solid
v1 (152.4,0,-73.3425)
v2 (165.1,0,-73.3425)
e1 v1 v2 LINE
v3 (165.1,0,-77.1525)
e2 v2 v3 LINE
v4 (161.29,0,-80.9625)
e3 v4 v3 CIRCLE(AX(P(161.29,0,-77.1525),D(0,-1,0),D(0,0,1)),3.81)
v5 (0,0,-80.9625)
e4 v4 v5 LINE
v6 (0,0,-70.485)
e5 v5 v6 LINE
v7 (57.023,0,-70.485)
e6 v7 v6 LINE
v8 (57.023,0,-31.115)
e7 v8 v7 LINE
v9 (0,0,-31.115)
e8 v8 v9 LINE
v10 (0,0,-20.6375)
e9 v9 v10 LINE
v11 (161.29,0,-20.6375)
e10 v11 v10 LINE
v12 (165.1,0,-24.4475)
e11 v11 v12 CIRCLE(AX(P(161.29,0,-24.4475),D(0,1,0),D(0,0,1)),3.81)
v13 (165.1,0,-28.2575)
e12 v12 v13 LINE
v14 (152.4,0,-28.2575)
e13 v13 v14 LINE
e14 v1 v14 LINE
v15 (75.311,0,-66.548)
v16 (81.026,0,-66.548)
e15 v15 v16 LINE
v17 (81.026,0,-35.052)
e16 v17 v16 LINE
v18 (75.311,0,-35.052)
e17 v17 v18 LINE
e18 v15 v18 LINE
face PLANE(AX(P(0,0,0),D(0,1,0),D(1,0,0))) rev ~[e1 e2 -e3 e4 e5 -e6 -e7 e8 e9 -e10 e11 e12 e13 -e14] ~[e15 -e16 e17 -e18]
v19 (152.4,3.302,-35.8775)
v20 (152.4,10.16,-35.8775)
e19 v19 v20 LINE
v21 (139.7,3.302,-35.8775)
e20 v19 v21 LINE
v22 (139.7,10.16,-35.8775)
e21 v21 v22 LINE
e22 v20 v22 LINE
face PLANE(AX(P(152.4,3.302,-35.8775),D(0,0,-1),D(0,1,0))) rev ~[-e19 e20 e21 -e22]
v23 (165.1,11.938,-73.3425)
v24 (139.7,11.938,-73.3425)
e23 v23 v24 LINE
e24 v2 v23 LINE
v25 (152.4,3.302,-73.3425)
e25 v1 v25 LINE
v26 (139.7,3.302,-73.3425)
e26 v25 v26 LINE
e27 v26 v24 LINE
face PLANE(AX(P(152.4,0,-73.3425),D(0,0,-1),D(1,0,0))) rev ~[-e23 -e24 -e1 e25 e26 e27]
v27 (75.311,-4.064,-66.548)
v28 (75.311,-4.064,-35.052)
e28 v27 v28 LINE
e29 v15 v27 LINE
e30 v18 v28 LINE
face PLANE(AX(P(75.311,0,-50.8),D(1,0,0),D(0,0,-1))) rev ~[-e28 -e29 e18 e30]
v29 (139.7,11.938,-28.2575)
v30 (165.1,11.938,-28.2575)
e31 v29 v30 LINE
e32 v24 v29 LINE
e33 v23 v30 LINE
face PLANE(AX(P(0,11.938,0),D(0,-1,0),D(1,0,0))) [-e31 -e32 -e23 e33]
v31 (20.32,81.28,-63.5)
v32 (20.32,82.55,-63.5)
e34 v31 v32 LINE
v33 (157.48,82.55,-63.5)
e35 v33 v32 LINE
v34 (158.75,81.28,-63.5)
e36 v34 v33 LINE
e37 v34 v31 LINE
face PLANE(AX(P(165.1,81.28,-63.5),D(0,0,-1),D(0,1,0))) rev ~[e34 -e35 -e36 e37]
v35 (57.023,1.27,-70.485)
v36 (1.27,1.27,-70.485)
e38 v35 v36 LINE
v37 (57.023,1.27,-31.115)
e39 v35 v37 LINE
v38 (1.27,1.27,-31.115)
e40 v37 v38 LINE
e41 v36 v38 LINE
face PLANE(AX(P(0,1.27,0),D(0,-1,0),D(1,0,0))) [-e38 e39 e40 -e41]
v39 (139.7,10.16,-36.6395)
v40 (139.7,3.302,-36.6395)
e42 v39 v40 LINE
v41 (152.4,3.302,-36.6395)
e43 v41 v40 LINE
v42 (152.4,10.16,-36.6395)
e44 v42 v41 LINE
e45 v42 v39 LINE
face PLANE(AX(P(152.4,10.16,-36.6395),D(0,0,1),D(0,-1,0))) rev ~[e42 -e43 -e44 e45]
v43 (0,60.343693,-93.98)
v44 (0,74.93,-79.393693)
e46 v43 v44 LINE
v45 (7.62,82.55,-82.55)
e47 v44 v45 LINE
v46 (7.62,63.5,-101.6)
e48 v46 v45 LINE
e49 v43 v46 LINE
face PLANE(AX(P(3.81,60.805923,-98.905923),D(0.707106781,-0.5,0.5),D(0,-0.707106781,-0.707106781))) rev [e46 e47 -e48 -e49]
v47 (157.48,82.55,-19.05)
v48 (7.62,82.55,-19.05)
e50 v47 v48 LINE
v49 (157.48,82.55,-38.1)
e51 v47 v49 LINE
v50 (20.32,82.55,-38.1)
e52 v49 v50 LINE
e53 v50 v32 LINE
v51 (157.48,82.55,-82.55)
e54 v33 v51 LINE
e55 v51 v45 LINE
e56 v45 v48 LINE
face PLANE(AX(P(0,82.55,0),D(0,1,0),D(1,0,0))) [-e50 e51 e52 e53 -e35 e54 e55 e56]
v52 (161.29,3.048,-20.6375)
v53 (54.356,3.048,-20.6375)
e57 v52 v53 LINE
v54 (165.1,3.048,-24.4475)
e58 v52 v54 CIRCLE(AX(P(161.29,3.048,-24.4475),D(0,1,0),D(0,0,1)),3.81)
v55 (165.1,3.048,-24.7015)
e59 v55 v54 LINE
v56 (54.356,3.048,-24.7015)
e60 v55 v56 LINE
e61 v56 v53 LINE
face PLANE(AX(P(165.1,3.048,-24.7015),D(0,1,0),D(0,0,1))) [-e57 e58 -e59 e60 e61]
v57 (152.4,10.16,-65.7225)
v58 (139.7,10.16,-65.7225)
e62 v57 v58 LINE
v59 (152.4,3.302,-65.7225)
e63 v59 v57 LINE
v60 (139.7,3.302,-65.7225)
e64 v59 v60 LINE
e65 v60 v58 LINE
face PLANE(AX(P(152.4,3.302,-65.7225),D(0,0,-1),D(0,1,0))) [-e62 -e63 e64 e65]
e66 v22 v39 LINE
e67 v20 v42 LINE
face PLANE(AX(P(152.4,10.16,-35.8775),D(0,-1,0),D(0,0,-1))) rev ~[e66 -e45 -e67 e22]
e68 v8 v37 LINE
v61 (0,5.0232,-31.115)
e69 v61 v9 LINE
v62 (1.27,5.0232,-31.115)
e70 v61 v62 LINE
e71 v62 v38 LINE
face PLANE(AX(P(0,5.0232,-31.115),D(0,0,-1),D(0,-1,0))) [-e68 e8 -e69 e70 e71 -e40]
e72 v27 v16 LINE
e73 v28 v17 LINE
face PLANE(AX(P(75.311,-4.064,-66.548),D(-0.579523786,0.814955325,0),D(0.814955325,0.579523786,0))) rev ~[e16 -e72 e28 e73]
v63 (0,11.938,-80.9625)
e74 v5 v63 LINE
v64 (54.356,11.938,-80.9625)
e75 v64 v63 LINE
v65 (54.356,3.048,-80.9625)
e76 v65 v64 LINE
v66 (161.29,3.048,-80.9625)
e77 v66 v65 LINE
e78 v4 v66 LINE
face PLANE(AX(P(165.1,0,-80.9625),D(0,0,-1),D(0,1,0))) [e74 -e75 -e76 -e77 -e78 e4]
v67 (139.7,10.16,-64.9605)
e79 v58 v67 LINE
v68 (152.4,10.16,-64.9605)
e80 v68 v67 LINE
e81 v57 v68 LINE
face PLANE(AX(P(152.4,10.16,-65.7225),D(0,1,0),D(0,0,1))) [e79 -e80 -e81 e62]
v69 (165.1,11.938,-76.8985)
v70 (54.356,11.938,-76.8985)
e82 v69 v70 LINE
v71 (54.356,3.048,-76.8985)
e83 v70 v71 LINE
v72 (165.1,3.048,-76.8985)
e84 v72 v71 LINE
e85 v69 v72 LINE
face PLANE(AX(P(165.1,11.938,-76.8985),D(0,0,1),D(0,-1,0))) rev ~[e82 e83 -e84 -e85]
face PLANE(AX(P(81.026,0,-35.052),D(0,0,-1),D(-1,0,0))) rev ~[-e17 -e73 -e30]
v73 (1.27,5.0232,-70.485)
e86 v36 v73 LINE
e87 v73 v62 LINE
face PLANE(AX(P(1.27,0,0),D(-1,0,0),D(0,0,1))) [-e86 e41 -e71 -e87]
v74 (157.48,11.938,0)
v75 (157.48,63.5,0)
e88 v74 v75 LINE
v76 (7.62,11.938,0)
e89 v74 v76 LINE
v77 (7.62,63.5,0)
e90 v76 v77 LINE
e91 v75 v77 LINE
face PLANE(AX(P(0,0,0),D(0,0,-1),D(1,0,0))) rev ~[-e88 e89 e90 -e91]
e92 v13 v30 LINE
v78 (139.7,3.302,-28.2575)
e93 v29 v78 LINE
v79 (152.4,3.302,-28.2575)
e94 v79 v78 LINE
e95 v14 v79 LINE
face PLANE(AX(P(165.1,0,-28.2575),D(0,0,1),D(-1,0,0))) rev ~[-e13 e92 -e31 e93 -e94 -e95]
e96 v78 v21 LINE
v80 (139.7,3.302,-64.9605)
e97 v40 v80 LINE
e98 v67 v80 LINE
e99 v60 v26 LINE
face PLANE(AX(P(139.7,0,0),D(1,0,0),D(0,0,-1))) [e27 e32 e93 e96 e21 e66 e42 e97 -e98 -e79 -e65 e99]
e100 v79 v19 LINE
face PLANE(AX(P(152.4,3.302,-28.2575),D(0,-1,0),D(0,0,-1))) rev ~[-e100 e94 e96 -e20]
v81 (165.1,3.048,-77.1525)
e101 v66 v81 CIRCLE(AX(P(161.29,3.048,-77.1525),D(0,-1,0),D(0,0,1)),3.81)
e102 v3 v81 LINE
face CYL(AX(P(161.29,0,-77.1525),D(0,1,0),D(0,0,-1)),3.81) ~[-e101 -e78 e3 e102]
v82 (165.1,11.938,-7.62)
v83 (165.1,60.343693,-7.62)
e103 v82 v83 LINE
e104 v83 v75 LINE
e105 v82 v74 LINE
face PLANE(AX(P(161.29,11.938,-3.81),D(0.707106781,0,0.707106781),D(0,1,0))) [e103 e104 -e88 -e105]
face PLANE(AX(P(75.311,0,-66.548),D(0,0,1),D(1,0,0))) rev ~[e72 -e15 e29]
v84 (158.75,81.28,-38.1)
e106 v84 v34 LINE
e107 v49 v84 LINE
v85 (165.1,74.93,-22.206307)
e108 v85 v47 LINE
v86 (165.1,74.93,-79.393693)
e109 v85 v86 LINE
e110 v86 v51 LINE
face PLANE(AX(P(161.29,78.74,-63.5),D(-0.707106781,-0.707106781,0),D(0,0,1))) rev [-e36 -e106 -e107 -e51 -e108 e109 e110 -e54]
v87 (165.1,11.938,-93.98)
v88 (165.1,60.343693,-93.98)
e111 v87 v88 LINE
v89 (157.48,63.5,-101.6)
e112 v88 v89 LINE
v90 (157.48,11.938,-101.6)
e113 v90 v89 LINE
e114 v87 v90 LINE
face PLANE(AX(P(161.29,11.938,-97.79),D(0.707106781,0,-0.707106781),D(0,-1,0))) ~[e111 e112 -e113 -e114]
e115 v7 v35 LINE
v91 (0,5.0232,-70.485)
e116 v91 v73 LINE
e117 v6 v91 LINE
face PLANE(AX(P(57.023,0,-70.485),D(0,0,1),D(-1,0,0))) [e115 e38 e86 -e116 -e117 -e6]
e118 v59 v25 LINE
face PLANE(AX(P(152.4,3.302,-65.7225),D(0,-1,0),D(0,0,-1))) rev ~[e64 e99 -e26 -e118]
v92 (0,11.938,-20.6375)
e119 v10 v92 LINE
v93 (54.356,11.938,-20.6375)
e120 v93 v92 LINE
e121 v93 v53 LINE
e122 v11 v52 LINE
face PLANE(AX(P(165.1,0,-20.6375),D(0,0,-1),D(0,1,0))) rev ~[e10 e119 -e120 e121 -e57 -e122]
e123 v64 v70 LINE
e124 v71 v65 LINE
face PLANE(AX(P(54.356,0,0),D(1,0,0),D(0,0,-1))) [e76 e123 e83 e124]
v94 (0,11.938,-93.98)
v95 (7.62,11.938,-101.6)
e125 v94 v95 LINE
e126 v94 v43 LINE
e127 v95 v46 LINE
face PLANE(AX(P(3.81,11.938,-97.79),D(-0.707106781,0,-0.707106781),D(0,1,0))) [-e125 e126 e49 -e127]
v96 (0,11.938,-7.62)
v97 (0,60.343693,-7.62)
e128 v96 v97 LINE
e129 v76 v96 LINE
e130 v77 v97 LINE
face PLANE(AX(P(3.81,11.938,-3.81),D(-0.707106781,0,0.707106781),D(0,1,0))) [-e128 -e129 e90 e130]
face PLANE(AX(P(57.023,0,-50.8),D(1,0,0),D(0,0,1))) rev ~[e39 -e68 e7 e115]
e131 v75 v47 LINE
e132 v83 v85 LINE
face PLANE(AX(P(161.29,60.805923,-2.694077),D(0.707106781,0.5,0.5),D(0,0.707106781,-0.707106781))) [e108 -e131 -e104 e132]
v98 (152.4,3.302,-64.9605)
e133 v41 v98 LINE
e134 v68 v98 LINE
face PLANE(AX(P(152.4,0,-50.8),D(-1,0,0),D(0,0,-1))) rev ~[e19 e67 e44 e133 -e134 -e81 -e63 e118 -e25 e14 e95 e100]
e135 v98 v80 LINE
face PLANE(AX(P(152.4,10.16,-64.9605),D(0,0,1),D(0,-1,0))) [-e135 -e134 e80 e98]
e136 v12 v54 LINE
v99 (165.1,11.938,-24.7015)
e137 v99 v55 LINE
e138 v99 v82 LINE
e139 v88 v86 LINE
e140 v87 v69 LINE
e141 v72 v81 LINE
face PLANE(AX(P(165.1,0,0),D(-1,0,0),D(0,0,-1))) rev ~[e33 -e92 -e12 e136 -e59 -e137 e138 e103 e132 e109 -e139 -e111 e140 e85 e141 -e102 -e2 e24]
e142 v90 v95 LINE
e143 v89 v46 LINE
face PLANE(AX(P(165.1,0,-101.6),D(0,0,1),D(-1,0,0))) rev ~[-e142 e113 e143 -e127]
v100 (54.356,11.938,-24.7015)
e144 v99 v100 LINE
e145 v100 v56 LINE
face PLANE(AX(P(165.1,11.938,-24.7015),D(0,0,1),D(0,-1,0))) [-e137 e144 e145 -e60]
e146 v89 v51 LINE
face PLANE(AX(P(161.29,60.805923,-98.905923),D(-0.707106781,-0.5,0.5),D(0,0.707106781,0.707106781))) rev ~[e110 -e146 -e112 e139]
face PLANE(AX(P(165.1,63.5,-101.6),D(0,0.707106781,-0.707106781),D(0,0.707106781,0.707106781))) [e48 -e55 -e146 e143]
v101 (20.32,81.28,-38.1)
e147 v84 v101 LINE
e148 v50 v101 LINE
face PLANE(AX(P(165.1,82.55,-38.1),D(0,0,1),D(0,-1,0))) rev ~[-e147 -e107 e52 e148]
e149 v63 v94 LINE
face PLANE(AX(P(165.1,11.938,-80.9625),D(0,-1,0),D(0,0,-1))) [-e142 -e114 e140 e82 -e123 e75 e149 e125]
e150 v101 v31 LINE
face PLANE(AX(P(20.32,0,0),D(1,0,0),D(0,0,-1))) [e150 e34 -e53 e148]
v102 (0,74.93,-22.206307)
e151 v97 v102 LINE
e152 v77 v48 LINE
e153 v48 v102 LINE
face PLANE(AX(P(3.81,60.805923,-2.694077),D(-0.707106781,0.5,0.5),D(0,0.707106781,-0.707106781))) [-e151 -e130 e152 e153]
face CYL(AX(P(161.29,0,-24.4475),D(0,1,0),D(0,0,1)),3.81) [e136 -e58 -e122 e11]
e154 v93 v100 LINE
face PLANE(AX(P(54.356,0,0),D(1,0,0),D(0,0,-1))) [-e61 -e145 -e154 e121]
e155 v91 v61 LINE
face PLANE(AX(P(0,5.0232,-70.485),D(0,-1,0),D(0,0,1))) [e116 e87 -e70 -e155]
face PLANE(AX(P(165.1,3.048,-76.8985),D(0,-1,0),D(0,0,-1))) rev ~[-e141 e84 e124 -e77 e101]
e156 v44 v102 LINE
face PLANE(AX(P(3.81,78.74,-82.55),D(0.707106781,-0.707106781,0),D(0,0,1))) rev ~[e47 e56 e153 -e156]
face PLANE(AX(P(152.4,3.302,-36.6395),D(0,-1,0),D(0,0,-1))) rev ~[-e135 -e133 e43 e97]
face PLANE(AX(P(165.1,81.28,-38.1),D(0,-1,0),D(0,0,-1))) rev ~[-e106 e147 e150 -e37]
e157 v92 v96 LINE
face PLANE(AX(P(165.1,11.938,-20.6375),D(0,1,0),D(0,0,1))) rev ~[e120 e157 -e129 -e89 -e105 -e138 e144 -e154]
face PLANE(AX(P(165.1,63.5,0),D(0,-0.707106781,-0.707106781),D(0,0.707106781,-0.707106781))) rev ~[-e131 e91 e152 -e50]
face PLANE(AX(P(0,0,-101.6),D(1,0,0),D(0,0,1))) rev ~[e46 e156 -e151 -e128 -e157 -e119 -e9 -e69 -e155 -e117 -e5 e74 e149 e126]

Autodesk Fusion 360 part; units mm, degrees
sketch "Sketch1" plane through (0, 0, 0) normal (0, 1, 0) x (1, 0, 0)
  line L0 (0, 0) -> (165.1, 0)
  line L1 (165.1, 0) -> (165.1, 101.6)
  line L2 (165.1, 101.6) -> (0, 101.6)
  line L3 (0, 101.6) -> (0, 0)
  dimension "d1" = 165.1
  dimension "d2" = 101.6
extrude "Extrude1" add sketch "Sketch1" along normal blind 82.55
sketch "Sketch2" plane through (165.1, 0, 0) normal (1, 0, 0) x (0, 0, -1)
  line L0 (0, 0) -> (101.6, 0)
  line L1 (101.6, 0) -> (101.6, 82.55)
  line L2 (101.6, 82.55) -> (0, 82.55)
  line L3 (0, 82.55) -> (0, 0)
  line L4 (0, 82.55) -> (0, 63.5)
  line L5 (0, 63.5) -> (19.05, 82.55)
  line L6 (0, 82.55) -> (19.05, 82.55)
  line L7 (101.6, 82.55) -> (101.6, 63.5)
  line L8 (101.6, 63.5) -> (82.55, 82.55)
  line L9 (82.55, 82.55) -> (101.6, 82.55)
  line L10 (0, 0) -> (20.6375, 0)
  line L11 (20.6375, 0) -> (80.9625, 0)
  line L12 (80.9625, 0) -> (101.6, 0)
  line L13 (20.6375, 0) -> (20.6375, 11.938)
  line L14 (20.6375, 11.938) -> (0, 11.938)
  line L15 (0, 11.938) -> (0, 0)
  line L16 (80.9625, 0) -> (80.9625, 11.938)
  line L17 (80.9625, 11.938) -> (101.6, 11.938)
  line L18 (101.6, 0) -> (101.6, 11.938)
  line L19 (80.9625, 11.938) -> (80.9625, 0)
  dimension "d5" = 45
  dimension "d6" = 45
  dimension "d7" = 20.6375
  dimension "d8" = 60.325
  dimension "d9" = 11.938
extrude "Extrude2" cut sketch "Sketch2" against normal blind 254 contours L0 L3 L10 L13 L14 L15 | L0 L1 L12 L16 L17 L18 L19 | L2 L3 L4 L5 L6 | L1 L2 L7 L8 L9
sketch "Sketch3" plane through (0, 0, 0) normal (0, -1, 0) x (1, 0, 0)
  line L0 (165.1, -20.6375) -> (0, -20.6375)
  line L1 (0, -20.6375) -> (0, -80.9625)
  line L2 (0, -80.9625) -> (165.1, -80.9625)
  line L3 (165.1, -80.9625) -> (165.1, -20.6375)
  line L4 (165.1, -20.6375) -> (165.1, -28.2575)
  line L5 (165.1, -80.9625) -> (165.1, -73.3425)
  line L6 (165.1, -28.2575) -> (152.4, -28.2575)
  line L7 (152.4, -28.2575) -> (152.4, -73.3425)
  line L8 (152.4, -73.3425) -> (165.1, -73.3425)
  line L9 (165.1, -73.3425) -> (165.1, -28.2575)
  line L10 (152.4, -50.8) -> (81.026, -50.8)
  line L11 (81.026, -50.8) -> (81.026, -35.052)
  line L12 (81.026, -50.8) -> (81.026, -66.548)
  line L13 (81.026, -35.052) -> (75.311, -35.052)
  line L14 (75.311, -35.052) -> (75.311, -66.548)
  line L15 (75.311, -66.548) -> (81.026, -66.548)
  line L16 (81.026, -66.548) -> (81.026, -35.052)
  line L17 (75.311, -50.8) -> (57.023, -50.8)
  line L18 (57.023, -50.8) -> (57.023, -31.115)
  line L19 (57.023, -50.8) -> (57.023, -70.485)
  line L20 (57.023, -70.485) -> (0, -70.485)
  line L21 (57.023, -31.115) -> (0, -31.115)
  line L22 (0, -31.115) -> (0, -70.485)
  dimension "d12" = 7.62
  dimension "d13" = 7.62
  dimension "d14" = 12.7
  dimension "d15" = 71.374
  dimension "d16" = 15.748
  dimension "d17" = 15.748
  dimension "d18" = 5.715
  dimension "d19" = 31.496
  dimension "d20" = 18.288
  dimension "d21" = 19.685
  dimension "d22" = 19.685
extrude "Extrude3" cut sketch "Sketch3" against normal up to surface (11.938 mm away) contours L3 L6 L7 L8 L9
extrude "Extrude4" add sketch "Sketch3" along normal blind 4.064 contours L11 L12 L13 L14 L15 L16
sketch "Sketch4" plane through (0, 0, -66.548) normal (0, 0, -1) x (-1, 0, 0)
  line L0 (-75.311, 0) -> (-81.026, 0)
  line L1 (-81.026, 0) -> (-81.026, -4.064)
  line L2 (-81.026, -4.064) -> (-75.311, -4.064)
  line L3 (-75.311, -4.064) -> (-75.311, 0)
  line L4 (-75.311, -4.064) -> (-81.026, 0)
  line L5 (-81.026, 0) -> (-81.026, -4.064)
  line L6 (-75.311, -4.064) -> (-81.026, -4.064)
extrude "Extrude5" cut sketch "Sketch4" against normal blind 38.1 contours L1 L2 L4 L5 L6
extrude "Extrude6" cut sketch "Sketch3" against normal blind 1.27 contours L1 L18 L19 L20 L21 L22
sketch "Sketch5" plane through (0, 0, 0) normal (-1, 0, 0) x (0, 0, 1)
  line L0 (-70.485, 0) -> (-70.485, 1.27)
  line L1 (-70.485, 1.27) -> (-31.115, 1.27)
  line L2 (-31.115, 1.27) -> (-31.115, 0)
  line L3 (-31.115, 0) -> (-20.6375, 0)
  line L4 (-20.6375, 0) -> (-20.6375, 11.938)
  line L5 (-20.6375, 11.938) -> (0, 11.938)
  line L6 (0, 11.938) -> (0, 63.5)
  line L7 (0, 63.5) -> (-19.05, 82.55)
  line L8 (-19.05, 82.55) -> (-82.55, 82.55)
  line L9 (-82.55, 82.55) -> (-101.6, 63.5)
  line L10 (-101.6, 63.5) -> (-101.6, 11.938)
  line L11 (-101.6, 11.938) -> (-80.9625, 11.938)
  line L12 (-80.9625, 11.938) -> (-80.9625, 0)
  line L13 (-80.9625, 0) -> (-70.485, 0)
  line L14 (-31.115, 1.27) -> (-70.485, 1.27)
  line L15 (-70.485, 1.27) -> (-70.485, 5.0232)
  line L16 (-70.485, 5.0232) -> (-31.115, 5.0232)
  line L17 (-31.115, 5.0232) -> (-31.115, 1.27)
extrude "Extrude7" cut sketch "Sketch5" against normal blind 1.27 contours L1 L14 L15 L16 L17
sketch "Sketch6" plane through (165.1, 0, 0) normal (1, 0, 0) x (0, 0, -1)
  line L0 (73.3425, 11.938) -> (73.3425, 0)
  line L1 (73.3425, 0) -> (80.9625, 0)
  line L2 (80.9625, 0) -> (80.9625, 11.938)
  line L3 (80.9625, 11.938) -> (101.6, 11.938)
  line L4 (101.6, 11.938) -> (101.6, 63.5)
  line L5 (101.6, 63.5) -> (82.55, 82.55)
  line L6 (82.55, 82.55) -> (19.05, 82.55)
  line L7 (19.05, 82.55) -> (0, 63.5)
  line L8 (0, 63.5) -> (0, 11.938)
  line L9 (0, 11.938) -> (20.6375, 11.938)
  line L10 (20.6375, 11.938) -> (20.6375, 0)
  line L11 (20.6375, 0) -> (28.2575, 0)
  line L12 (28.2575, 0) -> (28.2575, 11.938)
  line L13 (28.2575, 11.938) -> (73.3425, 11.938)
  line L14 (20.6375, 11.938) -> (24.7015, 11.938)
  line L15 (24.7015, 11.938) -> (24.7015, 3.048)
  line L16 (24.7015, 3.048) -> (20.6375, 3.048)
  line L17 (20.6375, 3.048) -> (20.6375, 11.938)
  line L18 (80.9625, 11.938) -> (76.8985, 11.938)
  line L19 (76.8985, 11.938) -> (76.8985, 3.048)
  line L20 (76.8985, 3.048) -> (80.9625, 3.048)
  line L21 (80.9625, 3.048) -> (80.9625, 11.938)
  dimension "d33" = 4.064
  dimension "d34" = 8.89
  dimension "d35" = 4.064
  dimension "d36" = 8.89
extrude "Extrude8" cut sketch "Sketch6" against normal blind 110.744 contours L2 L18 L19 L20 L21
extrude "Extrude9" cut sketch "Sketch6" against normal blind 110.744 contours L10 L14 L15 L16 L17
fillet "Fillet1" radius 3.81 2 edges at (165.1, 1.524, -80.9625) (165.1, 1.524, -20.6375)
sketch "Sketch7" plane through (152.4, 0, 0) normal (1, 0, 0) x (0, 0, -1)
  line L0 (73.3425, 11.938) -> (28.2575, 11.938)
  line L1 (28.2575, 11.938) -> (28.2575, 0)
  line L2 (28.2575, 0) -> (73.3425, 0)
  line L3 (73.3425, 0) -> (73.3425, 11.938)
  line L4 (73.3425, 11.938) -> (28.2575, 11.938)
  line L5 (28.2575, 11.938) -> (28.2575, 3.302)
  line L6 (28.2575, 3.302) -> (73.3425, 3.302)
  line L7 (73.3425, 3.302) -> (73.3425, 11.938)
  line L8 (73.3425, 3.302) -> (65.7225, 3.302)
  line L9 (65.7225, 3.302) -> (65.7225, 10.16)
  line L10 (65.7225, 10.16) -> (64.9605, 10.16)
  line L11 (64.9605, 10.16) -> (64.9605, 3.302)
  line L12 (64.9605, 3.302) -> (65.7225, 3.302)
  line L13 (28.2575, 3.302) -> (35.8775, 3.302)
  line L14 (35.8775, 3.302) -> (35.8775, 10.16)
  line L15 (35.8775, 10.16) -> (36.6395, 10.16)
  line L16 (36.6395, 10.16) -> (36.6395, 3.302)
  dimension "d43" = 8.636
  dimension "d44" = 7.62
  dimension "d45" = 0.762
  dimension "d46" = 7.62
  dimension "d47" = 6.858
  dimension "d48" = 0.762
extrude "Extrude10" cut sketch "Sketch7" against normal blind 12.7 contours L0 L1 L3 L4 L5 L6 L7 L8 L9 L10 L11 L13 L14 L15 L16
sketch "Sketch8" plane through (165.1, 0, 0) normal (1, 0, 0) x (0, 0, -1)
  line L0 (24.4475, 3.048) -> (24.4475, 0)
  line L1 (24.4475, 0) -> (28.2575, 0)
  line L2 (28.2575, 0) -> (28.2575, 11.938)
  line L3 (28.2575, 11.938) -> (73.3425, 11.938)
  line L4 (73.3425, 11.938) -> (73.3425, 0)
  line L5 (73.3425, 0) -> (77.1525, 0)
  line L6 (77.1525, 0) -> (77.1525, 3.048)
  line L7 (77.1525, 3.048) -> (76.8985, 3.048)
  line L8 (76.8985, 3.048) -> (76.8985, 11.938)
  line L9 (76.8985, 11.938) -> (101.6, 11.938)
  line L10 (101.6, 11.938) -> (101.6, 63.5)
  line L11 (101.6, 63.5) -> (82.55, 82.55)
  line L12 (82.55, 82.55) -> (19.05, 82.55)
  line L13 (19.05, 82.55) -> (0, 63.5)
  line L14 (0, 63.5) -> (0, 11.938)
  line L15 (0, 11.938) -> (24.7015, 11.938)
  line L16 (24.7015, 11.938) -> (24.7015, 3.048)
  line L17 (24.7015, 3.048) -> (24.4475, 3.048)
  line L18 (50.8, 82.55) -> (63.5, 82.55)
  line L19 (50.8, 82.55) -> (38.1, 82.55)
  line L20 (38.1, 82.55) -> (38.1, 81.28)
  line L21 (38.1, 81.28) -> (63.5, 81.28)
  line L22 (63.5, 81.28) -> (63.5, 82.55)
  dimension "d51" = 1.27
extrude "Extrude11" cut sketch "Sketch8" against normal blind 144.78 contours L12 L18 L19 L20 L21 L22
sketch "Sketch9" plane through (0, 81.28, 0) normal (0, 1, 0) x (-1, 0, 0)
  line L0 (-165.1, -38.1) -> (-165.1, -63.5)
  line L1 (-165.1, -63.5) -> (-20.32, -63.5)
  line L2 (-20.32, -63.5) -> (-20.32, -38.1)
  line L3 (-20.32, -38.1) -> (-165.1, -38.1)
chamfer "Chamfer2" distance 7.62 angle 45 6 edges at (165.1, 82.55, -73.025) (165.1, 73.025, -92.075) (165.1, 37.719, -101.6) (165.1, 82.55, -28.575) (165.1, 73.025, -9.525) (165.1, 37.719, 0)
chamfer "Chamfer3" distance 7.62 angle 45 5 edges at (0, 37.719, -101.6) (0, 73.025, -92.075) (0, 82.55, -50.8) (0, 73.025, -9.525) (0, 37.719, 0)
